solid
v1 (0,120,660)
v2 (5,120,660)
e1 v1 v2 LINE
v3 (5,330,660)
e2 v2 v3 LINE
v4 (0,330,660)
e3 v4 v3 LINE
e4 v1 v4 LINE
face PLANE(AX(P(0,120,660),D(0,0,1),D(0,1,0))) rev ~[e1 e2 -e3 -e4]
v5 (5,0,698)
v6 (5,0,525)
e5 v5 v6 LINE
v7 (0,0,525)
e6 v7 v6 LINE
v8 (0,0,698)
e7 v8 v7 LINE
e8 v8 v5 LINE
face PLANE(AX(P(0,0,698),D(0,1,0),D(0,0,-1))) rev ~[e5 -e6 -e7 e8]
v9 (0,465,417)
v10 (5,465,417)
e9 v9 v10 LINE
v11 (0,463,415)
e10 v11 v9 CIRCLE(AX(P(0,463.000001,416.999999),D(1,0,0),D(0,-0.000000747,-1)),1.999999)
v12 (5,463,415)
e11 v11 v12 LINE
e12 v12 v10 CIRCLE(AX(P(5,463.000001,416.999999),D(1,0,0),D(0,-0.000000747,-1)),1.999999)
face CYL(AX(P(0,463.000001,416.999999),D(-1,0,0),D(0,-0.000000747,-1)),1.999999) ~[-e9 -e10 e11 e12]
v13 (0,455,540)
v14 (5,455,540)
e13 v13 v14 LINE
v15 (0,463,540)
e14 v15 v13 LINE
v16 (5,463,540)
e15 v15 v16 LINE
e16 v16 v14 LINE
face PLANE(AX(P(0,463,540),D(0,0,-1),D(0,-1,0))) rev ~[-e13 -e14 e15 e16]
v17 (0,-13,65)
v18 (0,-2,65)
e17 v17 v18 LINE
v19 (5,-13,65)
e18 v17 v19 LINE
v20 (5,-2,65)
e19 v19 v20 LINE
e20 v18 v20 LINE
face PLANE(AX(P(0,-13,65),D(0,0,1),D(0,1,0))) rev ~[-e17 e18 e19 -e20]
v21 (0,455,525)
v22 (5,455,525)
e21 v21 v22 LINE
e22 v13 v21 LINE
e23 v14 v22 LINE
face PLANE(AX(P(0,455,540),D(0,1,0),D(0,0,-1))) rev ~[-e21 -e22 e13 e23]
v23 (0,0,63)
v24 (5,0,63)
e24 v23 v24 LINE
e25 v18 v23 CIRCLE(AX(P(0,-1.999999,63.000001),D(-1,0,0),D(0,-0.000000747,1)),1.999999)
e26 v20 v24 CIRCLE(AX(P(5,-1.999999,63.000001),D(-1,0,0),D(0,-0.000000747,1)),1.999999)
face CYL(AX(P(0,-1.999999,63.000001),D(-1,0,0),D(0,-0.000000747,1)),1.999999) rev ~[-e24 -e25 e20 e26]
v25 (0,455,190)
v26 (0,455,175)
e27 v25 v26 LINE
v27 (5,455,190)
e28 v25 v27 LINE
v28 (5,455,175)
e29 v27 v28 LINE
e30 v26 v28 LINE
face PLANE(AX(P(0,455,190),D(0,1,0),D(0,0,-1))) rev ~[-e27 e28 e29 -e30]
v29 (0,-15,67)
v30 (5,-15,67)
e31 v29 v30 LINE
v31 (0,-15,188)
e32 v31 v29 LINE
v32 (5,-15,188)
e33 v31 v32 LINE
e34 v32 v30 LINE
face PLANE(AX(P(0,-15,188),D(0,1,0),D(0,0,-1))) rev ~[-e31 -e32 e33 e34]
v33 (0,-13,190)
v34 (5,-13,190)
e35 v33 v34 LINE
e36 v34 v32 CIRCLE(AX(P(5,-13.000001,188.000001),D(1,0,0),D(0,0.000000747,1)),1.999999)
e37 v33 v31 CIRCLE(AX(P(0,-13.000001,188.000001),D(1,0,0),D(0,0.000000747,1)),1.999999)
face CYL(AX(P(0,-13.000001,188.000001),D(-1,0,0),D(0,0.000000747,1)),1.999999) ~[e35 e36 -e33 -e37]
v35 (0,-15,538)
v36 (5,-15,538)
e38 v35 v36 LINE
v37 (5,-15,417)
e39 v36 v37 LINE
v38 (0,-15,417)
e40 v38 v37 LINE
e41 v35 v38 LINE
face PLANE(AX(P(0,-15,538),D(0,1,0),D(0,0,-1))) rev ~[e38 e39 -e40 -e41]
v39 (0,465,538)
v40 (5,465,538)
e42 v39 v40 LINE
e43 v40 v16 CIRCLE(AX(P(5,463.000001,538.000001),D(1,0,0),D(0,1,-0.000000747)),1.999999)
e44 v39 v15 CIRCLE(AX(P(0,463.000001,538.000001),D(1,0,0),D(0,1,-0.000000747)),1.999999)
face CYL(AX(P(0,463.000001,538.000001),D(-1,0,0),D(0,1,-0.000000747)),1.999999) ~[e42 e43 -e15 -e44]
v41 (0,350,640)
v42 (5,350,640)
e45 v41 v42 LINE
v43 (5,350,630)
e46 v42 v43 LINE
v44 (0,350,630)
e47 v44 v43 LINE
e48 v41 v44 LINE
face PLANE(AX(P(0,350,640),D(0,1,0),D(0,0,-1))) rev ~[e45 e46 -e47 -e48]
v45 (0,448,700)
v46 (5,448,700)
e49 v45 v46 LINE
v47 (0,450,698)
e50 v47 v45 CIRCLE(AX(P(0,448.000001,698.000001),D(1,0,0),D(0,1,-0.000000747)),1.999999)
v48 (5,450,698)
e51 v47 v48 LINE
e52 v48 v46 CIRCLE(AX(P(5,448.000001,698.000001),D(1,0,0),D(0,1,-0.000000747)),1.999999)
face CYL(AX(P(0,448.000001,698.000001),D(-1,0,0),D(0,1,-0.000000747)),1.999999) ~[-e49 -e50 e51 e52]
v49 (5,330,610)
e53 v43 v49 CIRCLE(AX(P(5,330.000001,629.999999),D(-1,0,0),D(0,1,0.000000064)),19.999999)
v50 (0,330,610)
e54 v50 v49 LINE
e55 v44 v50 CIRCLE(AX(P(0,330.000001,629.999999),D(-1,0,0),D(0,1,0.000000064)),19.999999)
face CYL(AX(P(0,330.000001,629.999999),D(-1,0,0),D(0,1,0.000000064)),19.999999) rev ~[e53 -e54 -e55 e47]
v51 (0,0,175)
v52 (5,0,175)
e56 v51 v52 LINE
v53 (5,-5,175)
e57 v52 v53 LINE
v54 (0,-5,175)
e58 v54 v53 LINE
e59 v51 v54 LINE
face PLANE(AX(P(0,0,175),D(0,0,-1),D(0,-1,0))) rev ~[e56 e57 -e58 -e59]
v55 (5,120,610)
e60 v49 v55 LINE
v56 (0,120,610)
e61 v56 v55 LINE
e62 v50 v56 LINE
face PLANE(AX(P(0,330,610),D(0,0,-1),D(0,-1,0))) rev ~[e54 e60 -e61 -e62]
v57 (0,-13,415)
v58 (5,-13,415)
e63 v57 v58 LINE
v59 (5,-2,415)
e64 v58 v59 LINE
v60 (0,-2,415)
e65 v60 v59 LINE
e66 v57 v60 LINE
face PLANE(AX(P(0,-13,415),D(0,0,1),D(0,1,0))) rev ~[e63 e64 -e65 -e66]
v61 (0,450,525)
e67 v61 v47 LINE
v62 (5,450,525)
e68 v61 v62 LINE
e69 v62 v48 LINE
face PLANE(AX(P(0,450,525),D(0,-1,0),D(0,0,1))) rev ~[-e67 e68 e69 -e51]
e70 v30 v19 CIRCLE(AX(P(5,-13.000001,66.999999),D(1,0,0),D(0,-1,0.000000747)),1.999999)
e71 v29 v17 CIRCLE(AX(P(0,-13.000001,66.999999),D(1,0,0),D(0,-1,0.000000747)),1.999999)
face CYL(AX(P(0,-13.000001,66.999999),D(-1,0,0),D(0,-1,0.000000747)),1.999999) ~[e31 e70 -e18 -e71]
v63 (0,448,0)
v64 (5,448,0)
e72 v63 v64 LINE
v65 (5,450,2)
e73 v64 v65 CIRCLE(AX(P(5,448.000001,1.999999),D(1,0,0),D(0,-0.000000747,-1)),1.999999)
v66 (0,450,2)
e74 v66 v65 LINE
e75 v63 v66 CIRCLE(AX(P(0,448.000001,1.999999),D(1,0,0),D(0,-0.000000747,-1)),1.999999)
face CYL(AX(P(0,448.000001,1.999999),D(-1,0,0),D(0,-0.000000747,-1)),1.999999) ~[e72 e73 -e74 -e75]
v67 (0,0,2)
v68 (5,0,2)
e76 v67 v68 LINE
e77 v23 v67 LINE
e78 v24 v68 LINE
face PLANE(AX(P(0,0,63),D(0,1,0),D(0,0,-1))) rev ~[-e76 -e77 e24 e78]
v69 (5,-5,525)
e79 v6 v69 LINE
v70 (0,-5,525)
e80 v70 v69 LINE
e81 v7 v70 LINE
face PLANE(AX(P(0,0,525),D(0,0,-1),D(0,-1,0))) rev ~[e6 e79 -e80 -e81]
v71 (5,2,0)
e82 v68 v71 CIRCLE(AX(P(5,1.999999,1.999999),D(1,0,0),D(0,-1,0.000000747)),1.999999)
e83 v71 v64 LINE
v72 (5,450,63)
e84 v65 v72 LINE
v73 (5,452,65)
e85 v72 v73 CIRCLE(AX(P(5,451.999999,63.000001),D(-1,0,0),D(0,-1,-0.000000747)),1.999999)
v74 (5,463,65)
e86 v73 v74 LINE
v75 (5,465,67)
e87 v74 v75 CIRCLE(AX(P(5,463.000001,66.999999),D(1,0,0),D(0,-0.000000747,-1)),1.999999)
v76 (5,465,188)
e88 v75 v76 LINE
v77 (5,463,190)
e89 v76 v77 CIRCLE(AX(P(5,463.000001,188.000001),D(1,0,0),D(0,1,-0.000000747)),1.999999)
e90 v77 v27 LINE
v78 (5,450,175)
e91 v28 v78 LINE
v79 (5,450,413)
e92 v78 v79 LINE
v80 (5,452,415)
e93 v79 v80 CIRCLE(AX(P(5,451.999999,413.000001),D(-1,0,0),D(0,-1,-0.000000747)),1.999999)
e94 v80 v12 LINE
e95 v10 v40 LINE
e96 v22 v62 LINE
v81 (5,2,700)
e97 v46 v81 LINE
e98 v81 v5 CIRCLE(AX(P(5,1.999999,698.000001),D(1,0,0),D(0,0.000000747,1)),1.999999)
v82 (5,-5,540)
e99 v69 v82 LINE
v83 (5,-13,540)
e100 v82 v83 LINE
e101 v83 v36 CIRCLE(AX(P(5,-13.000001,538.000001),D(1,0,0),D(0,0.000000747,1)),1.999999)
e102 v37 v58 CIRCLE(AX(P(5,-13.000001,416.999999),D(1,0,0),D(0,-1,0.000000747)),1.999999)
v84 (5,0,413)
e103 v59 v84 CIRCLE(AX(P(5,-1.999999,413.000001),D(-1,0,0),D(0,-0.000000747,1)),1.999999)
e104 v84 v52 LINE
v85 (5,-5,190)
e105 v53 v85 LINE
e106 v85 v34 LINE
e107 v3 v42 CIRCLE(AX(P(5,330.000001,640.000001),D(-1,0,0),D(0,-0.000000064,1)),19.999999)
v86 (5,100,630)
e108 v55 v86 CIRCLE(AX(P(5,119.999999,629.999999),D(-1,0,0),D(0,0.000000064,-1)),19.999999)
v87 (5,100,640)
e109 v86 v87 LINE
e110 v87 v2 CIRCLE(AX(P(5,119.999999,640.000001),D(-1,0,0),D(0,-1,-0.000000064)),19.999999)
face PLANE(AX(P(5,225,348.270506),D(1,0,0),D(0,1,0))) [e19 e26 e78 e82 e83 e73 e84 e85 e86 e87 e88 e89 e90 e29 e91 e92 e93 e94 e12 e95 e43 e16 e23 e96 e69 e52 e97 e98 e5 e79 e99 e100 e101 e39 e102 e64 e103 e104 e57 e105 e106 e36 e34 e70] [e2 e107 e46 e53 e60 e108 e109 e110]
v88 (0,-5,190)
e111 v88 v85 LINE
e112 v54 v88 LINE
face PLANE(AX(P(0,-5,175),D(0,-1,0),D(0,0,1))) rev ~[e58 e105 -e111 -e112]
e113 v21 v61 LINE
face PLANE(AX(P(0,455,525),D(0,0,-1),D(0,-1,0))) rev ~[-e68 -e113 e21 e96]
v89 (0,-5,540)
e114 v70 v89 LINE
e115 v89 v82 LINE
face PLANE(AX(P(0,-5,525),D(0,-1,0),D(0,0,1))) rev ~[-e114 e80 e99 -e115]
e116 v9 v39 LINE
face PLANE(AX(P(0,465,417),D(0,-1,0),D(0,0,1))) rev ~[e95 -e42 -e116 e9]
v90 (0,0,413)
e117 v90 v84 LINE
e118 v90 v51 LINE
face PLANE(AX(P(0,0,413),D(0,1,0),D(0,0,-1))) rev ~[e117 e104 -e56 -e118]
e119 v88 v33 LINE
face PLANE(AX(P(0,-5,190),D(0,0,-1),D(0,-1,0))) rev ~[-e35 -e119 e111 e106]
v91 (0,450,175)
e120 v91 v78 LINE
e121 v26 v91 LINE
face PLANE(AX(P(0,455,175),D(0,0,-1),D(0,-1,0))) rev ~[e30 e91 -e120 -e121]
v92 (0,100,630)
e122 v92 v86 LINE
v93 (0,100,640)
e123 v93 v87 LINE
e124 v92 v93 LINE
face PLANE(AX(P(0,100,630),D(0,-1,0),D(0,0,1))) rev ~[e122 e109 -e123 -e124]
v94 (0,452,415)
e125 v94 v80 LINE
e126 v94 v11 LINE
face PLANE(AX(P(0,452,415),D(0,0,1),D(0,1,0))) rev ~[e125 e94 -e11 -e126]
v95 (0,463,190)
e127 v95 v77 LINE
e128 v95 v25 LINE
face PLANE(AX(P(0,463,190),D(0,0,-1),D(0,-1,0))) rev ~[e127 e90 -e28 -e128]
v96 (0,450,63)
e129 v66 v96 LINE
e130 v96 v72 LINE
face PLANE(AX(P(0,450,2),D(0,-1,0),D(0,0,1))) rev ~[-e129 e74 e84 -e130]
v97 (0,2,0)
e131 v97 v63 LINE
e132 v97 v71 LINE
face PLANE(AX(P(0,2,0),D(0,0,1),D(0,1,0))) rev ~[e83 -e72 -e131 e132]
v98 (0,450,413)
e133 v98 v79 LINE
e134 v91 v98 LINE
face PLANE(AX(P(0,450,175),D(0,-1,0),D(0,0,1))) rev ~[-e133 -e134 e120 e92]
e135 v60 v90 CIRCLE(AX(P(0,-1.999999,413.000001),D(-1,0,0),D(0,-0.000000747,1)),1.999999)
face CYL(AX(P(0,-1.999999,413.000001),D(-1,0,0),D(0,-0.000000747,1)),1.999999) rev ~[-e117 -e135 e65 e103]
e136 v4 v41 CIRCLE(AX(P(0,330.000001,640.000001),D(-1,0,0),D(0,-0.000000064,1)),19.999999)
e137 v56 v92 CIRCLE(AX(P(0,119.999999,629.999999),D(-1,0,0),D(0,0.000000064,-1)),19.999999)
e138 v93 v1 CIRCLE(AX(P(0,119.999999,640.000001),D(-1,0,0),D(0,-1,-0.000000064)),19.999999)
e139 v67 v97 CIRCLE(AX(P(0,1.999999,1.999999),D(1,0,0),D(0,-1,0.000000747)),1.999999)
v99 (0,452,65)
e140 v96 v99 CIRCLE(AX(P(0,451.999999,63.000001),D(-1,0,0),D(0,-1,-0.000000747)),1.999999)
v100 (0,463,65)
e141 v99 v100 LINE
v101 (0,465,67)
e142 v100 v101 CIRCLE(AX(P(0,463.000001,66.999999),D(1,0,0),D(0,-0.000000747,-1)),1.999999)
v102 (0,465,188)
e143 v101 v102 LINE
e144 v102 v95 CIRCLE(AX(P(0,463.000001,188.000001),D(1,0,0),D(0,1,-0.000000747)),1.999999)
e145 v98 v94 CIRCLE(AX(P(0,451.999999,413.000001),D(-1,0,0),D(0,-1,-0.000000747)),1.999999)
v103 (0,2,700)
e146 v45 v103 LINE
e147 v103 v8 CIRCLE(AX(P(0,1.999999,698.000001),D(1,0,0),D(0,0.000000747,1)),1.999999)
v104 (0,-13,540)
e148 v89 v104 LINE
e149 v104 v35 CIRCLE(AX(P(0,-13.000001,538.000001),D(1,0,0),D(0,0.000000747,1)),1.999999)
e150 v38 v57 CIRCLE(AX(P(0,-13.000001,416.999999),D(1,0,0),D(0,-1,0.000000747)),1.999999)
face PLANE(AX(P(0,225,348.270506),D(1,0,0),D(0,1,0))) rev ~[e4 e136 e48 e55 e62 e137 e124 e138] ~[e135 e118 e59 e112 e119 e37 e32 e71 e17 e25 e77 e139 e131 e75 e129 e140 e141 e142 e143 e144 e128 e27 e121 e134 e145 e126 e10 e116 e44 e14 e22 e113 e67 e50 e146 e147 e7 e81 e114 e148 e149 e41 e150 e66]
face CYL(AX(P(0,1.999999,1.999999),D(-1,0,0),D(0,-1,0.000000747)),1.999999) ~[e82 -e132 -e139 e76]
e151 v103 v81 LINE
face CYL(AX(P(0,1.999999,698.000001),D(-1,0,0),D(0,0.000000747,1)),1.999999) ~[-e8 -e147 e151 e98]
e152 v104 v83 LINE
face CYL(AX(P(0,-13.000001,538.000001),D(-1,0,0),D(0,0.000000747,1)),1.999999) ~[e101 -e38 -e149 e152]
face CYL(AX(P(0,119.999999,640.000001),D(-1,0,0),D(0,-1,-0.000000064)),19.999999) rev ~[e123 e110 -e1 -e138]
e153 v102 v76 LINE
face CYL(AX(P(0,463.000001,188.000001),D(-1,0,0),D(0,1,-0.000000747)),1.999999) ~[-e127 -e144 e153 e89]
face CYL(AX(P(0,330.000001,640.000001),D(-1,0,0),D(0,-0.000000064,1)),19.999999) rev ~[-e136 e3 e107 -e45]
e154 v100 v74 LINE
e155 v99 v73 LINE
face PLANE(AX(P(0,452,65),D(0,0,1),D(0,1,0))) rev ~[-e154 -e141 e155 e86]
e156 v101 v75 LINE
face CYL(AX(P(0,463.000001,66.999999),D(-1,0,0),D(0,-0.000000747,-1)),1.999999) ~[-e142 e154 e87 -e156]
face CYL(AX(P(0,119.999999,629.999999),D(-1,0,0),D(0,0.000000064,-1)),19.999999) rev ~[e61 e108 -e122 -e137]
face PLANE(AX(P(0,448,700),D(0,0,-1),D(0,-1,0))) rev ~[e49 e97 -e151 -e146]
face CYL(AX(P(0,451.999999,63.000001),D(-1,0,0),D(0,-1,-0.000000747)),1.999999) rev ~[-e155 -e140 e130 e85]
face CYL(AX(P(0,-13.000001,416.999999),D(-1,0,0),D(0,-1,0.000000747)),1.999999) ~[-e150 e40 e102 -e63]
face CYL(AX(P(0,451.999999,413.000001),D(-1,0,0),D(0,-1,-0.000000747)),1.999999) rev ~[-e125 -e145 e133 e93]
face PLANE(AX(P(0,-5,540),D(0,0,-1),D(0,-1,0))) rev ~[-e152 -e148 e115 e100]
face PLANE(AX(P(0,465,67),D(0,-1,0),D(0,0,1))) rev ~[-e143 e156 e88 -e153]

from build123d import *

# Parameters (mm, degrees)
F1_DEPTH = 5


with BuildPart() as f1:
    # F0 (on Right) → F1 (new body)
    with BuildSketch(Plane.YZ):
        with BuildLine():
            ThreePointArc((0, 2), (0.585786, 0.585786), (2, 0))
            Line((2, 0), (448, 0))
            ThreePointArc((448, 0), (449.414214, 0.585786), (450, 2))
            Line((450, 2), (450, 63))
            ThreePointArc((450, 63), (450.585786, 64.414214), (452, 65))
            Line((452, 65), (463, 65))
            ThreePointArc((463, 65), (464.414214, 65.585786), (465, 67))
            Line((465, 67), (465, 188))
            ThreePointArc((465, 188), (464.414214, 189.414214), (463, 190))
            Line((463, 190), (455, 190))
            Line((455, 190), (455, 175))
            Line((455, 175), (450, 175))
            Line((450, 175), (450, 190))
            Line((450, 190), (450, 413))
            ThreePointArc((450, 413), (450.585786, 414.414214), (452, 415))
            Line((452, 415), (463, 415))
            ThreePointArc((463, 415), (464.414214, 415.585786), (465, 417))
            Line((465, 417), (465, 538))
            ThreePointArc((465, 538), (464.414214, 539.414214), (463, 540))
            Line((463, 540), (455, 540))
            Line((455, 540), (455, 525))
            Line((455, 525), (450, 525))
            Line((450, 525), (450, 540))
            Line((450, 540), (450, 698))
            ThreePointArc((450, 698), (449.414214, 699.414214), (448, 700))
            Line((448, 700), (2, 700))
            ThreePointArc((2, 700), (0.585786, 699.414214), (0, 698))
            Line((0, 698), (0, 525))
            Line((0, 525), (-5, 525))
            Line((-5, 525), (-5, 540))
            Line((-5, 540), (-13, 540))
            ThreePointArc((-13, 540), (-14.414214, 539.414214), (-15, 538))
            Line((-15, 538), (-15, 417))
            ThreePointArc((-15, 417), (-14.414214, 415.585786), (-13, 415))
            Line((-13, 415), (-2, 415))
            ThreePointArc((-2, 415), (-0.585786, 414.414214), (0, 413))
            Line((0, 413), (0, 200))
            Line((0, 200), (0, 190))
            Line((0, 190), (0, 175))
            Line((0, 175), (-5, 175))
            Line((-5, 175), (-5, 190))
            Line((-5, 190), (-13, 190))
            ThreePointArc((-13, 190), (-14.414214, 189.414214), (-15, 188))
            Line((-15, 188), (-15, 67))
            ThreePointArc((-15, 67), (-14.414214, 65.585786), (-13, 65))
            Line((-13, 65), (-2, 65))
            ThreePointArc((-2, 65), (-0.585786, 64.414214), (0, 63))
            Line((0, 63), (0, 2))
        make_face()
        with BuildLine():
            ThreePointArc((350, 630), (344.142136, 615.857864), (330, 610))
            Line((330, 610), (120, 610))
            ThreePointArc((120, 610), (105.857864, 615.857864), (100, 630))
            Line((100, 630), (100, 640))
            ThreePointArc((100, 640), (105.857864, 654.142136), (120, 660))
            Line((120, 660), (330, 660))
            ThreePointArc((330, 660), (344.142136, 654.142136), (350, 640))
            Line((350, 640), (350, 630))
        make_face(mode=Mode.SUBTRACT)
    extrude(amount=F1_DEPTH)


solid = f1.part
